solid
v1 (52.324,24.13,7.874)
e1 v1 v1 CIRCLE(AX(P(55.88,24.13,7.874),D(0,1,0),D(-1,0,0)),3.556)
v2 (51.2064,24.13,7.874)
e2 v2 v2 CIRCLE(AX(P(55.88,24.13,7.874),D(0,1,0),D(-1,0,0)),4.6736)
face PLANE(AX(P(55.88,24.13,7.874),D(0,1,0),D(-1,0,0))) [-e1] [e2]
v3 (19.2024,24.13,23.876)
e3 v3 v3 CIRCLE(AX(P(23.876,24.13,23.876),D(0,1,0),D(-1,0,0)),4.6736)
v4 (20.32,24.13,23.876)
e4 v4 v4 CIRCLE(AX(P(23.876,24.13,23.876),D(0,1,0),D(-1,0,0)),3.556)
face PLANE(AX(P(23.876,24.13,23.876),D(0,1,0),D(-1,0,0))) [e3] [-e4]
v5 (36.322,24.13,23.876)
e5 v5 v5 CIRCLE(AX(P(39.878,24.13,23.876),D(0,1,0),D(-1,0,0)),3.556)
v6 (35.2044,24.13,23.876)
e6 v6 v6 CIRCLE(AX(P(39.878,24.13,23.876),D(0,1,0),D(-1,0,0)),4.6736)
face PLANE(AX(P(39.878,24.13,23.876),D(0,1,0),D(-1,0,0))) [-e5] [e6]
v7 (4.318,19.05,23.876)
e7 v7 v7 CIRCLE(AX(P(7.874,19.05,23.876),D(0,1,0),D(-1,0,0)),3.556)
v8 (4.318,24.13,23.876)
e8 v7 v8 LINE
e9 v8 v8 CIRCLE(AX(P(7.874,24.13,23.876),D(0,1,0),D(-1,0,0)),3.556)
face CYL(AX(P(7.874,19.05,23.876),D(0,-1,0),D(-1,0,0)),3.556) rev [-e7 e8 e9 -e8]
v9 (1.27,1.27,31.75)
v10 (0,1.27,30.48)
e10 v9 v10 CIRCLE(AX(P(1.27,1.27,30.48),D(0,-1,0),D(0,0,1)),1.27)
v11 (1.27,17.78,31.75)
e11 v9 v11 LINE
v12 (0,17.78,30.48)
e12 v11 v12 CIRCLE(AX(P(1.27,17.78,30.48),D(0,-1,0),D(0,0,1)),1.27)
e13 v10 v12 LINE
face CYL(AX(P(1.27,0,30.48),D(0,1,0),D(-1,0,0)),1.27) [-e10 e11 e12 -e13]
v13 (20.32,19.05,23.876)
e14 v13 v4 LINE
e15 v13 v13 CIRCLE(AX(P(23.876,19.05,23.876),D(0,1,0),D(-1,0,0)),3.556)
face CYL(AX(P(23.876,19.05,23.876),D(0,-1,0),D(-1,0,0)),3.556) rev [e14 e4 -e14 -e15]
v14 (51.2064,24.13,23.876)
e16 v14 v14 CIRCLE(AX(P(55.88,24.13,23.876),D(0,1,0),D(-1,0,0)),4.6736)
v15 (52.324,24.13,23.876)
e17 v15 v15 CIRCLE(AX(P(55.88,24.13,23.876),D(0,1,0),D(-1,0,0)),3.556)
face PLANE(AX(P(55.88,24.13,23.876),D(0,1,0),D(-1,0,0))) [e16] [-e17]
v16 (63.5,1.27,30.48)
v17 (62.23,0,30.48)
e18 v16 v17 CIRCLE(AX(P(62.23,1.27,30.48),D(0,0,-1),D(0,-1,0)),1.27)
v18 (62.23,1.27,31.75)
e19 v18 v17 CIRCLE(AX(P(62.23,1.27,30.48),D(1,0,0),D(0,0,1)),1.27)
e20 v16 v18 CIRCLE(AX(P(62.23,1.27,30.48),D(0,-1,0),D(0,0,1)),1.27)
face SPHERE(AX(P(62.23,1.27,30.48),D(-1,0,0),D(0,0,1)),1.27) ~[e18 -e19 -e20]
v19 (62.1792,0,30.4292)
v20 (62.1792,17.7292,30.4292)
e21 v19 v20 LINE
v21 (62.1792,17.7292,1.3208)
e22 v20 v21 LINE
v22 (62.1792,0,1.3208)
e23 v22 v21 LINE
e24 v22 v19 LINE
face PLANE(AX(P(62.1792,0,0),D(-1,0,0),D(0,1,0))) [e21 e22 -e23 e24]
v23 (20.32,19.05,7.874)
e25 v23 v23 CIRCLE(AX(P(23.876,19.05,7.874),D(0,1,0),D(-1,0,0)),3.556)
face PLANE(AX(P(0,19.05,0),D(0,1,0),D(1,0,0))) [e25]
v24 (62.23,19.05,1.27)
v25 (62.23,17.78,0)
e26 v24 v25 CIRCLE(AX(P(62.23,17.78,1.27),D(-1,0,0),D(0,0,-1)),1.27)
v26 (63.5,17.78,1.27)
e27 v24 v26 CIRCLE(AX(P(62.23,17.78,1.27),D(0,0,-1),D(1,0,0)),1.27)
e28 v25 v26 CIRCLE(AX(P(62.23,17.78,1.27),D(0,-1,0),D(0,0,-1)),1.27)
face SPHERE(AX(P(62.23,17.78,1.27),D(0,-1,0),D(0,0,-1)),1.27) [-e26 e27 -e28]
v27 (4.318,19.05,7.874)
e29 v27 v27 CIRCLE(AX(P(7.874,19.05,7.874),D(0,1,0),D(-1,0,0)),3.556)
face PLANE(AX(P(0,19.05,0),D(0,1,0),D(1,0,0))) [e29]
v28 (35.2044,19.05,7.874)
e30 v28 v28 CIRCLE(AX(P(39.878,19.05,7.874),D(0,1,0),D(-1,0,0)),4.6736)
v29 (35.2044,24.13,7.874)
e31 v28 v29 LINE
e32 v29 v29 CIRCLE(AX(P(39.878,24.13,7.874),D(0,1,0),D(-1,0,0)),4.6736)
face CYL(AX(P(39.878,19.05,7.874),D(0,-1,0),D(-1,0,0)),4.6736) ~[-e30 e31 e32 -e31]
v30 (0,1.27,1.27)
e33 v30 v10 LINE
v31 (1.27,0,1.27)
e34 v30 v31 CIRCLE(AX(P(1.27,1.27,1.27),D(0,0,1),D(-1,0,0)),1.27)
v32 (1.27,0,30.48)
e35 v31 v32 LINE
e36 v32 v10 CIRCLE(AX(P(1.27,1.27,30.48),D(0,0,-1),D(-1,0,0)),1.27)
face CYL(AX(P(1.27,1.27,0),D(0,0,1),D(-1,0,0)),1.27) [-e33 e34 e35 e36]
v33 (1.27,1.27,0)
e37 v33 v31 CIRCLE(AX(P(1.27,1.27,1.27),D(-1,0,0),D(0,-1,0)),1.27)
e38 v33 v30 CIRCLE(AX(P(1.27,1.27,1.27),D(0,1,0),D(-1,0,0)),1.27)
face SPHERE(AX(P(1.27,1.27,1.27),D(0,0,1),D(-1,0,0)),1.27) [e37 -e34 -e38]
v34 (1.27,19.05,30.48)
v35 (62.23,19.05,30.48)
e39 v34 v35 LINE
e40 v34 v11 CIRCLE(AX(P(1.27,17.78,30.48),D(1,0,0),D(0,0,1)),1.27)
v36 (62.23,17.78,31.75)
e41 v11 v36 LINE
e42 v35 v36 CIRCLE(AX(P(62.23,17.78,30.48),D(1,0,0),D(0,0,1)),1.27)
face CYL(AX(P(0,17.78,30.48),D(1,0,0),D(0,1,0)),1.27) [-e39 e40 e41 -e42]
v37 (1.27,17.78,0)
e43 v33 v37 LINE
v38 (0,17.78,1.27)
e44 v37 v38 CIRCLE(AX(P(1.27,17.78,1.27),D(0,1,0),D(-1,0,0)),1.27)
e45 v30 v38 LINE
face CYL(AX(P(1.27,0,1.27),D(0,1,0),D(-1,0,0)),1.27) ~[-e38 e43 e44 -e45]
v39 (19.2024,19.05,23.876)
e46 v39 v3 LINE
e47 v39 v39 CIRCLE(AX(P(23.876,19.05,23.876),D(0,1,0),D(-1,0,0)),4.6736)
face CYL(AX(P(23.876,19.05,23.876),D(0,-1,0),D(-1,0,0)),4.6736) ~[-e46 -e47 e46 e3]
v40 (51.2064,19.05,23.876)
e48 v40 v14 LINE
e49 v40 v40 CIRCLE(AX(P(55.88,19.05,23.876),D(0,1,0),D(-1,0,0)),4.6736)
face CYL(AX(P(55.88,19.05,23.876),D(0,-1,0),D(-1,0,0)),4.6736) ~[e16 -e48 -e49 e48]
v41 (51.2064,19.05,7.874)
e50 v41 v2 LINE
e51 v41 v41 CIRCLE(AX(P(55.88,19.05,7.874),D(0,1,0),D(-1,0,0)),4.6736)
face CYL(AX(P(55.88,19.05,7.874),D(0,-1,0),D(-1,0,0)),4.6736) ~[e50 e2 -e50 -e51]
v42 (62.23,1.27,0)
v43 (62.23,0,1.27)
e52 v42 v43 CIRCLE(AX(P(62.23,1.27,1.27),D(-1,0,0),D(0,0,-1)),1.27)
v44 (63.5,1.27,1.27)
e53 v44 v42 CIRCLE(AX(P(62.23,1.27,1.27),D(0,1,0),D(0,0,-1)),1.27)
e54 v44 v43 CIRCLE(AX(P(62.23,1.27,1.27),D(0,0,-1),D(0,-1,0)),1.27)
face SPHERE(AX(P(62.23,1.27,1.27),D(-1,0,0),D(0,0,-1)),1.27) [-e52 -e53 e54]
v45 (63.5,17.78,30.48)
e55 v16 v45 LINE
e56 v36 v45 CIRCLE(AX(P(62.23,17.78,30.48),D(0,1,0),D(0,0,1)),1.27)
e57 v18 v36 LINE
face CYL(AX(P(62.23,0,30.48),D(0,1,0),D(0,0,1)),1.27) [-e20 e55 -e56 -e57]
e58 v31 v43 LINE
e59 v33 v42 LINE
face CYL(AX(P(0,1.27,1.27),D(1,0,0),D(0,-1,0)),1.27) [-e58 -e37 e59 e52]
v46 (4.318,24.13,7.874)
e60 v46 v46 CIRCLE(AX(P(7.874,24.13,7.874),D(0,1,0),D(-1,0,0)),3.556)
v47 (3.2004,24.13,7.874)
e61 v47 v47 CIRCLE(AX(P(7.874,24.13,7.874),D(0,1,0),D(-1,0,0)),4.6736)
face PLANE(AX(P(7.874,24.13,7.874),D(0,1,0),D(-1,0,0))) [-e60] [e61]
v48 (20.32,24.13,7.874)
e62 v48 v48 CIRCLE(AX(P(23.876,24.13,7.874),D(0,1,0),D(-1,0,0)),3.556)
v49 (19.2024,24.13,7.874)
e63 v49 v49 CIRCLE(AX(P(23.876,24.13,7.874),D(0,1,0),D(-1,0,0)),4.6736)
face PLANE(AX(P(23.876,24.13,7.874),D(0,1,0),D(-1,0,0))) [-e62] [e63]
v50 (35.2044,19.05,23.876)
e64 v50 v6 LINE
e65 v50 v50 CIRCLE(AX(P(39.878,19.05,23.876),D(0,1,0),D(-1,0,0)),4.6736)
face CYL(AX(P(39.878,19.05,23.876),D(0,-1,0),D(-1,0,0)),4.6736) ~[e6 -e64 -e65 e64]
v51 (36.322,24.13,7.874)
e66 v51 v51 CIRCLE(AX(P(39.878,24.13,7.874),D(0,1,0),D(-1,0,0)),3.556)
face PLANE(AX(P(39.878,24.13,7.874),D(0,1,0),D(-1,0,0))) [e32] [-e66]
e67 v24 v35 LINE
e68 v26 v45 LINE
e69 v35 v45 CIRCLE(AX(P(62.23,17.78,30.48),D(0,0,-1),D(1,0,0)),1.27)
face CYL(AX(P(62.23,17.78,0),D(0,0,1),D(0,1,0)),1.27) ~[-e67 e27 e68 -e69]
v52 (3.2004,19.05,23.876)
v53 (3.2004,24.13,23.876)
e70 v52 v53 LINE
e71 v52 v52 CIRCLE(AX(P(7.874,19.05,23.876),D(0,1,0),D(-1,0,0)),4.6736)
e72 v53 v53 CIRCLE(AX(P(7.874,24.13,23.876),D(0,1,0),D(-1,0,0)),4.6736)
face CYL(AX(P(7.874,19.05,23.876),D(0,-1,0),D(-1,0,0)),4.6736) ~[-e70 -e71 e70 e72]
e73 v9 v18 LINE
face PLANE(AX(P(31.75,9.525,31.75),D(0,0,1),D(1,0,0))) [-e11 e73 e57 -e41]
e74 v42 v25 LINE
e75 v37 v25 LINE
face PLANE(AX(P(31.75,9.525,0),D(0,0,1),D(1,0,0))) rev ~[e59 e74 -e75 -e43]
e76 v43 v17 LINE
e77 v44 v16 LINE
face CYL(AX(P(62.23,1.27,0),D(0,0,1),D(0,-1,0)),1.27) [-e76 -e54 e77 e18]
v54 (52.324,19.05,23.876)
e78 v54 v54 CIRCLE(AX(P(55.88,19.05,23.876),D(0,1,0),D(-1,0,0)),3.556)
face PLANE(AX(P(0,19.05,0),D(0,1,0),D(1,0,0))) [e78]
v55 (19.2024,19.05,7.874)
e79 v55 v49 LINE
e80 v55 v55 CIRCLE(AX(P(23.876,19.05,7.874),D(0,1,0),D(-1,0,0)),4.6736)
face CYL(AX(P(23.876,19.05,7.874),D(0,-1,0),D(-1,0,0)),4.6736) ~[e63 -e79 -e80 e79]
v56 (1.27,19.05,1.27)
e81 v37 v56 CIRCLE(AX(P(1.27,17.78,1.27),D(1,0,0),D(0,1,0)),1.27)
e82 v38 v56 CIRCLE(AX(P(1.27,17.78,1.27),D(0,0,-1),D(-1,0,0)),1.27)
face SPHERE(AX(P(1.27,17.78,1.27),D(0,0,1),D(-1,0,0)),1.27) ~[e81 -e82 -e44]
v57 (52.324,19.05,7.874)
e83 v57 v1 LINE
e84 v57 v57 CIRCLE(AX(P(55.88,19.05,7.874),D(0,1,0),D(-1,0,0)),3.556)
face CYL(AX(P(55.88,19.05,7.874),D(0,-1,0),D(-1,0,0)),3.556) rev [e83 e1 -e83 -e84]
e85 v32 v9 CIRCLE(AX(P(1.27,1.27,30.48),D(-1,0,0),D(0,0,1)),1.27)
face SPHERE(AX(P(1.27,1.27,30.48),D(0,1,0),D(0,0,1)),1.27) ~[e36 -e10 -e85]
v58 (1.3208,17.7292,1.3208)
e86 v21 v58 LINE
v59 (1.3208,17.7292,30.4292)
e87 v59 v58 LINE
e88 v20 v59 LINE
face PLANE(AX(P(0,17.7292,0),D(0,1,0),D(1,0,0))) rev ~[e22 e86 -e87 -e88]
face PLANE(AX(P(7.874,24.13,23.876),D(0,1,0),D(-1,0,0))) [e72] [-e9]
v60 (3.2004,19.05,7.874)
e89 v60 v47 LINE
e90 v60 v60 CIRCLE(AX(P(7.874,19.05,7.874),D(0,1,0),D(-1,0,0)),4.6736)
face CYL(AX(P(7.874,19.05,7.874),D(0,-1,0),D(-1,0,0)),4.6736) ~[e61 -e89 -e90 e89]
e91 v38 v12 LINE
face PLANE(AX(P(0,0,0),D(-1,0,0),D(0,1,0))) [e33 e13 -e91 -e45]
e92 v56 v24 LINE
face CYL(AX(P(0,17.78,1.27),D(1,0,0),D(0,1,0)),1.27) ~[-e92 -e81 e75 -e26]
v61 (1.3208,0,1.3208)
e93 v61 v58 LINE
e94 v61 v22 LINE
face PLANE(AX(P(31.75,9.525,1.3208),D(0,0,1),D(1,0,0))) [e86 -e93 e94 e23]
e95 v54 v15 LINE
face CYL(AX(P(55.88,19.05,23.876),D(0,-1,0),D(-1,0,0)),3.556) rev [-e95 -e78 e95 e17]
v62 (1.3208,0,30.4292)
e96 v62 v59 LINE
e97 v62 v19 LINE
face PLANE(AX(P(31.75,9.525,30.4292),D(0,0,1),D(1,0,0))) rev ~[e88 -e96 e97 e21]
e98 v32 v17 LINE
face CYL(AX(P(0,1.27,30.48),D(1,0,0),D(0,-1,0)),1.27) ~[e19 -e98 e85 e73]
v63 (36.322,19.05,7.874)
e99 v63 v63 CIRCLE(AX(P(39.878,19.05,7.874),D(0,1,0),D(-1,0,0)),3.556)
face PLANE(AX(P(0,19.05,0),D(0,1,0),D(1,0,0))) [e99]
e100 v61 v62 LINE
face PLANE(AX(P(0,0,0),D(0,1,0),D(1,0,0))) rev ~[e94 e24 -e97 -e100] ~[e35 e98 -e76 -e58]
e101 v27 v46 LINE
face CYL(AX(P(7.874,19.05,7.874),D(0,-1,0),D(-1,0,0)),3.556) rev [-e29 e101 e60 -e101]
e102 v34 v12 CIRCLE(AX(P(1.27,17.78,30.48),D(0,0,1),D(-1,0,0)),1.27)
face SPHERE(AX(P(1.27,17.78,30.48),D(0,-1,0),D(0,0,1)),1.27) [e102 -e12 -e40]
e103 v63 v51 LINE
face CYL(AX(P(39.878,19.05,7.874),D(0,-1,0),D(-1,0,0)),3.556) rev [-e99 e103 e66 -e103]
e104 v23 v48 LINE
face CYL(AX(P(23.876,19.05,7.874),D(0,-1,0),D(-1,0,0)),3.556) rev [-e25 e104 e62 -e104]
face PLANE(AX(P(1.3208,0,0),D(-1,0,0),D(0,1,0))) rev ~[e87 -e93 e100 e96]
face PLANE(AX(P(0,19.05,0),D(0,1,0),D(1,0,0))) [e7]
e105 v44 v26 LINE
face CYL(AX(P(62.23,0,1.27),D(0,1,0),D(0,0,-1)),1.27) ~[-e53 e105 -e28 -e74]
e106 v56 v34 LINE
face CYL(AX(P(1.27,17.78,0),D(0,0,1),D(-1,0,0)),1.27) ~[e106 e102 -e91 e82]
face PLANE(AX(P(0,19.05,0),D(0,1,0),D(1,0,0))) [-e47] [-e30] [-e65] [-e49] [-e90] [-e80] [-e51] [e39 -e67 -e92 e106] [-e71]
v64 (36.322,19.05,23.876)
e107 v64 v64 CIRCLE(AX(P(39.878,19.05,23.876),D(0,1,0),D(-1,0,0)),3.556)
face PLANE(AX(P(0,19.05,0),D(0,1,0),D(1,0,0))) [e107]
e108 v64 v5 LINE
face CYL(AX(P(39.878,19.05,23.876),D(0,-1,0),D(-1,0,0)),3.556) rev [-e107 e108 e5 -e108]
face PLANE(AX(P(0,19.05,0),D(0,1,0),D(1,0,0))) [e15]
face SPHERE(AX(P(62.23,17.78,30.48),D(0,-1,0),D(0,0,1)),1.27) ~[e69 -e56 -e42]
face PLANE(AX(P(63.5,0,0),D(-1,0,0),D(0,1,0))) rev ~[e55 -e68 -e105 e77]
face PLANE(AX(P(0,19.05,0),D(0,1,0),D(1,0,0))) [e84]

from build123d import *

# Parameters (mm, degrees)
F0_W     = 63.5
F0_H     = 19.05
F1_DEPTH = 31.75
F2_T     = -1.3208
F3_R     = 4.6736
F3_R_2   = 3.556
F4_DEPTH = 5.08
F5_R     = 1.27


with BuildPart() as f1:
    # F0 (on Top) → F1 (new body)
    with BuildSketch(Plane.XY):
        with Locations((31.75, 9.525)):
            Rectangle(F0_W, F0_H)
    extrude(amount=F1_DEPTH)

    # F2
    f2_openings = [f1.faces().sort_by_distance(p)[0] for p in [
        (31.75, 0, 15.875),
    ]]
    offset(amount=F2_T, openings=f2_openings)

    # F3 (on face) → F4 (join)
    with BuildSketch(Plane(origin=(0, 19.05, 0), x_dir=(-1, 0, 0), z_dir=(0, 1, 0))):
        with Locations((-7.874, 23.876)):
            Circle(F3_R)
        with Locations((-7.874, 23.876)):
            Circle(F3_R_2, mode=Mode.SUBTRACT)
        with Locations((-23.876, 23.876)):
            Circle(F3_R)
        with Locations((-23.876, 23.876)):
            Circle(F3_R_2, mode=Mode.SUBTRACT)
        with Locations((-39.878, 23.876)):
            Circle(F3_R)
        with Locations((-39.878, 23.876)):
            Circle(F3_R_2, mode=Mode.SUBTRACT)
        with Locations((-55.88, 23.876)):
            Circle(F3_R)
        with Locations((-55.88, 23.876)):
            Circle(F3_R_2, mode=Mode.SUBTRACT)
        with Locations((-55.88, 7.874)):
            Circle(F3_R)
        with Locations((-55.88, 7.874)):
            Circle(F3_R_2, mode=Mode.SUBTRACT)
        with Locations((-39.878, 7.874)):
            Circle(F3_R)
        with Locations((-39.878, 7.874)):
            Circle(F3_R_2, mode=Mode.SUBTRACT)
        with Locations((-23.876, 7.874)):
            Circle(F3_R)
        with Locations((-23.876, 7.874)):
            Circle(F3_R_2, mode=Mode.SUBTRACT)
        with Locations((-7.874, 7.874)):
            Circle(F3_R)
        with Locations((-7.874, 7.874)):
            Circle(F3_R_2, mode=Mode.SUBTRACT)
    extrude(amount=F4_DEPTH)

    # F5
    f5_edges = [f1.edges().sort_by_distance(p)[0] for p in [
        (0, 9.525, 31.75),
        (31.75, 0, 31.75),
        (63.5, 9.525, 31.75),
        (31.75, 19.05, 31.75),
        (0, 19.05, 15.875),
        (0, 0, 15.875),
        (0, 9.525, 0),
        (31.75, 0, 0),
        (63.5, 9.525, 0),
        (31.75, 19.05, 0),
        (63.5, 0, 15.875),
        (63.5, 19.05, 15.875),
    ]]
    fillet(f5_edges, radius=F5_R)


solid = f1.part
